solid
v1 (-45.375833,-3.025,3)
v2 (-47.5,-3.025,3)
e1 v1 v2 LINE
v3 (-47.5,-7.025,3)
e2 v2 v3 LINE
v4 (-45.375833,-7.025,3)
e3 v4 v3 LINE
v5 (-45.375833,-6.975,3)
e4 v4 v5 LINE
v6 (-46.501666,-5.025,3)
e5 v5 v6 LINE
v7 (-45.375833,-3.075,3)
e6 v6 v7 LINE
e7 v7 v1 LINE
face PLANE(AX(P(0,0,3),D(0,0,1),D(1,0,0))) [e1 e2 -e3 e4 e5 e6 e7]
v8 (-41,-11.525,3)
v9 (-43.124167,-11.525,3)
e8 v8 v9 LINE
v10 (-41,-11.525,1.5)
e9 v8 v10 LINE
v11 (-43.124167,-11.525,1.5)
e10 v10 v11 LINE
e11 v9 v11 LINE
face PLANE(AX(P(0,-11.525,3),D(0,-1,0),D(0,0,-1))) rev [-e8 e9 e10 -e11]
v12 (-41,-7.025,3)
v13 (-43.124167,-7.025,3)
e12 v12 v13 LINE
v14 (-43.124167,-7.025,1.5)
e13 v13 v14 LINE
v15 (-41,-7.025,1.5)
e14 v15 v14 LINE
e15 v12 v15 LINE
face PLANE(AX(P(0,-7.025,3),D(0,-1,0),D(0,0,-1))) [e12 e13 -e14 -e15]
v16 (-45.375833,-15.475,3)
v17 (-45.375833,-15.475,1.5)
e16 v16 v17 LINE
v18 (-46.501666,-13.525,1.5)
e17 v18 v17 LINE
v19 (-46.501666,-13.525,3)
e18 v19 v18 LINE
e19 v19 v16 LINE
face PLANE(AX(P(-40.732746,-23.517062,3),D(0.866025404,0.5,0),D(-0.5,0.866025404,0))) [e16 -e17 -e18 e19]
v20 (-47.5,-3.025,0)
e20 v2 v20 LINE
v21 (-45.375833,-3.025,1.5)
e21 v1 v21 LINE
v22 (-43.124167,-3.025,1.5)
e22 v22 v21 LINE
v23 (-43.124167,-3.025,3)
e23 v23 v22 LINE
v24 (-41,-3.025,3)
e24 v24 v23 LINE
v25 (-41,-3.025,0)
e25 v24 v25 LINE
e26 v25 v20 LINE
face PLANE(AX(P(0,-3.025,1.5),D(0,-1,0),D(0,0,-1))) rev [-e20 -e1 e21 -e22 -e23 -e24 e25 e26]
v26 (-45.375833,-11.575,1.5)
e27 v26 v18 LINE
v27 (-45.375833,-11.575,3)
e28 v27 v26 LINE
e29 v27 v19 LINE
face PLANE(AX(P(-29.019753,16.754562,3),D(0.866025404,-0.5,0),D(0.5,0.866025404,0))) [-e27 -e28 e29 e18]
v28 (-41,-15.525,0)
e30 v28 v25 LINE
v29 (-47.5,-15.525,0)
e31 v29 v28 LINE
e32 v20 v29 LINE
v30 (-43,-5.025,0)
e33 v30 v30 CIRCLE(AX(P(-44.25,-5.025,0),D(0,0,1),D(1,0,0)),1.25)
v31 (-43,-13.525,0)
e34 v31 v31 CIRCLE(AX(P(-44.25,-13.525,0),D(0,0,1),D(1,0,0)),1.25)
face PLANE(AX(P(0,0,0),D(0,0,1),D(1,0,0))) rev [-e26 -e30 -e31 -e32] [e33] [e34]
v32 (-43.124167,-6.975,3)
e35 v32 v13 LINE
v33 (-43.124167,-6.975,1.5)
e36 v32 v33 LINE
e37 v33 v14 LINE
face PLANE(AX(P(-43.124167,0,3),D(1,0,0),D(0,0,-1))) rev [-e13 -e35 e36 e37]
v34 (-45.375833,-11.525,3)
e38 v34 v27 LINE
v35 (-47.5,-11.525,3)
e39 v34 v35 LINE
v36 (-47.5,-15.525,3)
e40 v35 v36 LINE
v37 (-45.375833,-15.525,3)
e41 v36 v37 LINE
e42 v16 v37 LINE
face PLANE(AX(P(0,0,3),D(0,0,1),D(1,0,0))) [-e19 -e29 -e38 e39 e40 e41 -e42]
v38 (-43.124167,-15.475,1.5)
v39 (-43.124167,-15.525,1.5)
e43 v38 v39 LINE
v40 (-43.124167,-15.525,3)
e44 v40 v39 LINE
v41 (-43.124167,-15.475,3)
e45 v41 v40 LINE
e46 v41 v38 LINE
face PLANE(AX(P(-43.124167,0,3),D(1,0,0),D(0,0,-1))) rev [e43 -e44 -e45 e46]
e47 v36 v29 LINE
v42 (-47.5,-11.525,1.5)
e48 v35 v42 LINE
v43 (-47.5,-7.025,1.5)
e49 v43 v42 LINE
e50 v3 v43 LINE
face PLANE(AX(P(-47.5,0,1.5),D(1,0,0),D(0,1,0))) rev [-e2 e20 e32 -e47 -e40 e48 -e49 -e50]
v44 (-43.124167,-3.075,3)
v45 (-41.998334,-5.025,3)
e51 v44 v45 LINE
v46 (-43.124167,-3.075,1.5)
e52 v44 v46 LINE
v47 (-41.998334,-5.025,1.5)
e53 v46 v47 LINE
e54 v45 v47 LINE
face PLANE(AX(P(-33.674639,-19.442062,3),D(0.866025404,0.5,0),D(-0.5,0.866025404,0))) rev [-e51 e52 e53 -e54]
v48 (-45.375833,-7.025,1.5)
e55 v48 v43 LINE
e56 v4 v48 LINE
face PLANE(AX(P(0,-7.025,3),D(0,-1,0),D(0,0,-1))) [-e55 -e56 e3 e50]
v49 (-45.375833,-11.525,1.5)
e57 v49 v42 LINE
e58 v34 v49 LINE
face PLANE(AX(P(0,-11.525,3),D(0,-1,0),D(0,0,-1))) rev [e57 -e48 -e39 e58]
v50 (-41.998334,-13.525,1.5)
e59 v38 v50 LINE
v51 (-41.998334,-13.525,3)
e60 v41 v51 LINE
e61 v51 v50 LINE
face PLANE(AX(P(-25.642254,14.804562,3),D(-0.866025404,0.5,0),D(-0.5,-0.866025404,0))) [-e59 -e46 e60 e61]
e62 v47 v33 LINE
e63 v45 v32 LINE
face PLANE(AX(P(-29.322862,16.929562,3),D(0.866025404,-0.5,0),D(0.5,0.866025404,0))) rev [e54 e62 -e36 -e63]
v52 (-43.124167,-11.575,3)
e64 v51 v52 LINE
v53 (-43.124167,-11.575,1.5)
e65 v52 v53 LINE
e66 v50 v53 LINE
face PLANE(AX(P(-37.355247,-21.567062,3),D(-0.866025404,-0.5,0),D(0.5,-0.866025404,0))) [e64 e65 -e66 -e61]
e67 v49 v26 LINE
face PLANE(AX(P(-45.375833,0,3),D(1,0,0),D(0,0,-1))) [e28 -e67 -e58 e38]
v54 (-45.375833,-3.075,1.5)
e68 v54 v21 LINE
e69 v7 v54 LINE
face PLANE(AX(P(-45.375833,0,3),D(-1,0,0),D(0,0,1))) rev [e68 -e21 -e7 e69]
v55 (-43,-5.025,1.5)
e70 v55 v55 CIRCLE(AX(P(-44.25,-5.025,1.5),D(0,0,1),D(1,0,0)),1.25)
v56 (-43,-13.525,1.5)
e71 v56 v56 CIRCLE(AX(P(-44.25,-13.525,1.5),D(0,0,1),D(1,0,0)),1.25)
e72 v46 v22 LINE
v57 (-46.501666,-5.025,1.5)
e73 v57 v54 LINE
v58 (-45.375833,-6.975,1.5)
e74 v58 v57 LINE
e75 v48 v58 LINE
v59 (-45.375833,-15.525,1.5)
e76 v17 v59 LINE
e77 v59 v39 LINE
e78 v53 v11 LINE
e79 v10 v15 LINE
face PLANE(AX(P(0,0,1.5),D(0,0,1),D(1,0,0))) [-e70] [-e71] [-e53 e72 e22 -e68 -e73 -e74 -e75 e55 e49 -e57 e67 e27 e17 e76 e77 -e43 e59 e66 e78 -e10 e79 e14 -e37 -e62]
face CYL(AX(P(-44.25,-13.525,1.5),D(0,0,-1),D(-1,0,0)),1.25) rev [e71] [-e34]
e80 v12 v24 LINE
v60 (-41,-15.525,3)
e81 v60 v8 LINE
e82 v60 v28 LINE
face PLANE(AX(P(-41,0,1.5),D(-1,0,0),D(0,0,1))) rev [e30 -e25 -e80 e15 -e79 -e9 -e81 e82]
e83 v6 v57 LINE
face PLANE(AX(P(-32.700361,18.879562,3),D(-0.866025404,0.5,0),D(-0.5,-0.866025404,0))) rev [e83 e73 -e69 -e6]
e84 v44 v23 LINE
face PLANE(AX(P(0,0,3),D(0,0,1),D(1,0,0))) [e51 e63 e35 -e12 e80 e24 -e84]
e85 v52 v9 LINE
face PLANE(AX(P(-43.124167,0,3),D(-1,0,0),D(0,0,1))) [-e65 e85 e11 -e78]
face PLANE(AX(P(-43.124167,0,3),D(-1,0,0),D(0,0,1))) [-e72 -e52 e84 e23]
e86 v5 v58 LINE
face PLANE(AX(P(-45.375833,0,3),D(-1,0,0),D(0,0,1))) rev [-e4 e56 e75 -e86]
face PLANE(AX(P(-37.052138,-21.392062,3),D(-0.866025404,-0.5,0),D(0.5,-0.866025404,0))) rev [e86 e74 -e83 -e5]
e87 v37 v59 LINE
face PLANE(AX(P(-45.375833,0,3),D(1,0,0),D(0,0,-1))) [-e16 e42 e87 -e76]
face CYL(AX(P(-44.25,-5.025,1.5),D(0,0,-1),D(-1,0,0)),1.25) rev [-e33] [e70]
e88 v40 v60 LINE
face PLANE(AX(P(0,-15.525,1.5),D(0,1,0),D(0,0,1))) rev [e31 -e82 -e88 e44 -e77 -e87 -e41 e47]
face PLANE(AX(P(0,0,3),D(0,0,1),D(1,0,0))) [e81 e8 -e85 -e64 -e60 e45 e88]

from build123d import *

# Parameters (mm, degrees)
SKETCH1_W           = 6.5
SKETCH1_H           = 12.5
SKETCH1_R           = 1.25
BOSS_EXTRUDE1_DEPTH = 1.5
BOSS_EXTRUDE2_DEPTH = 1.5


with BuildPart() as part:
    # Sketch1 → Boss-Extrude1 (new body)
    with BuildSketch(Plane.XY):
        with Locations((-44.25, -9.275)):
            Rectangle(SKETCH1_W, SKETCH1_H)
        with Locations((-44.25, -5.025)):
            Circle(SKETCH1_R, mode=Mode.SUBTRACT)
        with Locations((-44.25, -13.525)):
            Circle(SKETCH1_R, mode=Mode.SUBTRACT)
    extrude(amount=BOSS_EXTRUDE1_DEPTH)

    # Sketch2 → Boss-Extrude2 (add)
    with BuildSketch(Plane.XY.offset(1.5)):
        Polygon((-45.375833025, -11.575), (-45.375833025, -11.525), (-47.5, -11.525), (-47.5, -15.525), (-45.375833025, -15.525), (-45.375833025, -15.475), (-46.50166605, -13.525), align=None)
        Polygon((-41, -11.525), (-43.124166975, -11.525), (-43.124166975, -11.575), (-41.99833395, -13.525), (-43.124166975, -15.475), (-43.124166975, -15.525), (-41, -15.525), align=None)
        Polygon((-47.5, -3.025), (-47.5, -7.025), (-45.375833025, -7.025), (-45.375833025, -6.975), (-46.50166605, -5.025), (-45.375833025, -3.075), (-45.375833025, -3.025), align=None)
        Polygon((-43.124166975, -7.025), (-41, -7.025), (-41, -3.025), (-43.124166975, -3.025), (-43.124166975, -3.075), (-41.99833395, -5.025), (-43.124166975, -6.975), align=None)
    extrude(amount=BOSS_EXTRUDE2_DEPTH)


solid = part.part
